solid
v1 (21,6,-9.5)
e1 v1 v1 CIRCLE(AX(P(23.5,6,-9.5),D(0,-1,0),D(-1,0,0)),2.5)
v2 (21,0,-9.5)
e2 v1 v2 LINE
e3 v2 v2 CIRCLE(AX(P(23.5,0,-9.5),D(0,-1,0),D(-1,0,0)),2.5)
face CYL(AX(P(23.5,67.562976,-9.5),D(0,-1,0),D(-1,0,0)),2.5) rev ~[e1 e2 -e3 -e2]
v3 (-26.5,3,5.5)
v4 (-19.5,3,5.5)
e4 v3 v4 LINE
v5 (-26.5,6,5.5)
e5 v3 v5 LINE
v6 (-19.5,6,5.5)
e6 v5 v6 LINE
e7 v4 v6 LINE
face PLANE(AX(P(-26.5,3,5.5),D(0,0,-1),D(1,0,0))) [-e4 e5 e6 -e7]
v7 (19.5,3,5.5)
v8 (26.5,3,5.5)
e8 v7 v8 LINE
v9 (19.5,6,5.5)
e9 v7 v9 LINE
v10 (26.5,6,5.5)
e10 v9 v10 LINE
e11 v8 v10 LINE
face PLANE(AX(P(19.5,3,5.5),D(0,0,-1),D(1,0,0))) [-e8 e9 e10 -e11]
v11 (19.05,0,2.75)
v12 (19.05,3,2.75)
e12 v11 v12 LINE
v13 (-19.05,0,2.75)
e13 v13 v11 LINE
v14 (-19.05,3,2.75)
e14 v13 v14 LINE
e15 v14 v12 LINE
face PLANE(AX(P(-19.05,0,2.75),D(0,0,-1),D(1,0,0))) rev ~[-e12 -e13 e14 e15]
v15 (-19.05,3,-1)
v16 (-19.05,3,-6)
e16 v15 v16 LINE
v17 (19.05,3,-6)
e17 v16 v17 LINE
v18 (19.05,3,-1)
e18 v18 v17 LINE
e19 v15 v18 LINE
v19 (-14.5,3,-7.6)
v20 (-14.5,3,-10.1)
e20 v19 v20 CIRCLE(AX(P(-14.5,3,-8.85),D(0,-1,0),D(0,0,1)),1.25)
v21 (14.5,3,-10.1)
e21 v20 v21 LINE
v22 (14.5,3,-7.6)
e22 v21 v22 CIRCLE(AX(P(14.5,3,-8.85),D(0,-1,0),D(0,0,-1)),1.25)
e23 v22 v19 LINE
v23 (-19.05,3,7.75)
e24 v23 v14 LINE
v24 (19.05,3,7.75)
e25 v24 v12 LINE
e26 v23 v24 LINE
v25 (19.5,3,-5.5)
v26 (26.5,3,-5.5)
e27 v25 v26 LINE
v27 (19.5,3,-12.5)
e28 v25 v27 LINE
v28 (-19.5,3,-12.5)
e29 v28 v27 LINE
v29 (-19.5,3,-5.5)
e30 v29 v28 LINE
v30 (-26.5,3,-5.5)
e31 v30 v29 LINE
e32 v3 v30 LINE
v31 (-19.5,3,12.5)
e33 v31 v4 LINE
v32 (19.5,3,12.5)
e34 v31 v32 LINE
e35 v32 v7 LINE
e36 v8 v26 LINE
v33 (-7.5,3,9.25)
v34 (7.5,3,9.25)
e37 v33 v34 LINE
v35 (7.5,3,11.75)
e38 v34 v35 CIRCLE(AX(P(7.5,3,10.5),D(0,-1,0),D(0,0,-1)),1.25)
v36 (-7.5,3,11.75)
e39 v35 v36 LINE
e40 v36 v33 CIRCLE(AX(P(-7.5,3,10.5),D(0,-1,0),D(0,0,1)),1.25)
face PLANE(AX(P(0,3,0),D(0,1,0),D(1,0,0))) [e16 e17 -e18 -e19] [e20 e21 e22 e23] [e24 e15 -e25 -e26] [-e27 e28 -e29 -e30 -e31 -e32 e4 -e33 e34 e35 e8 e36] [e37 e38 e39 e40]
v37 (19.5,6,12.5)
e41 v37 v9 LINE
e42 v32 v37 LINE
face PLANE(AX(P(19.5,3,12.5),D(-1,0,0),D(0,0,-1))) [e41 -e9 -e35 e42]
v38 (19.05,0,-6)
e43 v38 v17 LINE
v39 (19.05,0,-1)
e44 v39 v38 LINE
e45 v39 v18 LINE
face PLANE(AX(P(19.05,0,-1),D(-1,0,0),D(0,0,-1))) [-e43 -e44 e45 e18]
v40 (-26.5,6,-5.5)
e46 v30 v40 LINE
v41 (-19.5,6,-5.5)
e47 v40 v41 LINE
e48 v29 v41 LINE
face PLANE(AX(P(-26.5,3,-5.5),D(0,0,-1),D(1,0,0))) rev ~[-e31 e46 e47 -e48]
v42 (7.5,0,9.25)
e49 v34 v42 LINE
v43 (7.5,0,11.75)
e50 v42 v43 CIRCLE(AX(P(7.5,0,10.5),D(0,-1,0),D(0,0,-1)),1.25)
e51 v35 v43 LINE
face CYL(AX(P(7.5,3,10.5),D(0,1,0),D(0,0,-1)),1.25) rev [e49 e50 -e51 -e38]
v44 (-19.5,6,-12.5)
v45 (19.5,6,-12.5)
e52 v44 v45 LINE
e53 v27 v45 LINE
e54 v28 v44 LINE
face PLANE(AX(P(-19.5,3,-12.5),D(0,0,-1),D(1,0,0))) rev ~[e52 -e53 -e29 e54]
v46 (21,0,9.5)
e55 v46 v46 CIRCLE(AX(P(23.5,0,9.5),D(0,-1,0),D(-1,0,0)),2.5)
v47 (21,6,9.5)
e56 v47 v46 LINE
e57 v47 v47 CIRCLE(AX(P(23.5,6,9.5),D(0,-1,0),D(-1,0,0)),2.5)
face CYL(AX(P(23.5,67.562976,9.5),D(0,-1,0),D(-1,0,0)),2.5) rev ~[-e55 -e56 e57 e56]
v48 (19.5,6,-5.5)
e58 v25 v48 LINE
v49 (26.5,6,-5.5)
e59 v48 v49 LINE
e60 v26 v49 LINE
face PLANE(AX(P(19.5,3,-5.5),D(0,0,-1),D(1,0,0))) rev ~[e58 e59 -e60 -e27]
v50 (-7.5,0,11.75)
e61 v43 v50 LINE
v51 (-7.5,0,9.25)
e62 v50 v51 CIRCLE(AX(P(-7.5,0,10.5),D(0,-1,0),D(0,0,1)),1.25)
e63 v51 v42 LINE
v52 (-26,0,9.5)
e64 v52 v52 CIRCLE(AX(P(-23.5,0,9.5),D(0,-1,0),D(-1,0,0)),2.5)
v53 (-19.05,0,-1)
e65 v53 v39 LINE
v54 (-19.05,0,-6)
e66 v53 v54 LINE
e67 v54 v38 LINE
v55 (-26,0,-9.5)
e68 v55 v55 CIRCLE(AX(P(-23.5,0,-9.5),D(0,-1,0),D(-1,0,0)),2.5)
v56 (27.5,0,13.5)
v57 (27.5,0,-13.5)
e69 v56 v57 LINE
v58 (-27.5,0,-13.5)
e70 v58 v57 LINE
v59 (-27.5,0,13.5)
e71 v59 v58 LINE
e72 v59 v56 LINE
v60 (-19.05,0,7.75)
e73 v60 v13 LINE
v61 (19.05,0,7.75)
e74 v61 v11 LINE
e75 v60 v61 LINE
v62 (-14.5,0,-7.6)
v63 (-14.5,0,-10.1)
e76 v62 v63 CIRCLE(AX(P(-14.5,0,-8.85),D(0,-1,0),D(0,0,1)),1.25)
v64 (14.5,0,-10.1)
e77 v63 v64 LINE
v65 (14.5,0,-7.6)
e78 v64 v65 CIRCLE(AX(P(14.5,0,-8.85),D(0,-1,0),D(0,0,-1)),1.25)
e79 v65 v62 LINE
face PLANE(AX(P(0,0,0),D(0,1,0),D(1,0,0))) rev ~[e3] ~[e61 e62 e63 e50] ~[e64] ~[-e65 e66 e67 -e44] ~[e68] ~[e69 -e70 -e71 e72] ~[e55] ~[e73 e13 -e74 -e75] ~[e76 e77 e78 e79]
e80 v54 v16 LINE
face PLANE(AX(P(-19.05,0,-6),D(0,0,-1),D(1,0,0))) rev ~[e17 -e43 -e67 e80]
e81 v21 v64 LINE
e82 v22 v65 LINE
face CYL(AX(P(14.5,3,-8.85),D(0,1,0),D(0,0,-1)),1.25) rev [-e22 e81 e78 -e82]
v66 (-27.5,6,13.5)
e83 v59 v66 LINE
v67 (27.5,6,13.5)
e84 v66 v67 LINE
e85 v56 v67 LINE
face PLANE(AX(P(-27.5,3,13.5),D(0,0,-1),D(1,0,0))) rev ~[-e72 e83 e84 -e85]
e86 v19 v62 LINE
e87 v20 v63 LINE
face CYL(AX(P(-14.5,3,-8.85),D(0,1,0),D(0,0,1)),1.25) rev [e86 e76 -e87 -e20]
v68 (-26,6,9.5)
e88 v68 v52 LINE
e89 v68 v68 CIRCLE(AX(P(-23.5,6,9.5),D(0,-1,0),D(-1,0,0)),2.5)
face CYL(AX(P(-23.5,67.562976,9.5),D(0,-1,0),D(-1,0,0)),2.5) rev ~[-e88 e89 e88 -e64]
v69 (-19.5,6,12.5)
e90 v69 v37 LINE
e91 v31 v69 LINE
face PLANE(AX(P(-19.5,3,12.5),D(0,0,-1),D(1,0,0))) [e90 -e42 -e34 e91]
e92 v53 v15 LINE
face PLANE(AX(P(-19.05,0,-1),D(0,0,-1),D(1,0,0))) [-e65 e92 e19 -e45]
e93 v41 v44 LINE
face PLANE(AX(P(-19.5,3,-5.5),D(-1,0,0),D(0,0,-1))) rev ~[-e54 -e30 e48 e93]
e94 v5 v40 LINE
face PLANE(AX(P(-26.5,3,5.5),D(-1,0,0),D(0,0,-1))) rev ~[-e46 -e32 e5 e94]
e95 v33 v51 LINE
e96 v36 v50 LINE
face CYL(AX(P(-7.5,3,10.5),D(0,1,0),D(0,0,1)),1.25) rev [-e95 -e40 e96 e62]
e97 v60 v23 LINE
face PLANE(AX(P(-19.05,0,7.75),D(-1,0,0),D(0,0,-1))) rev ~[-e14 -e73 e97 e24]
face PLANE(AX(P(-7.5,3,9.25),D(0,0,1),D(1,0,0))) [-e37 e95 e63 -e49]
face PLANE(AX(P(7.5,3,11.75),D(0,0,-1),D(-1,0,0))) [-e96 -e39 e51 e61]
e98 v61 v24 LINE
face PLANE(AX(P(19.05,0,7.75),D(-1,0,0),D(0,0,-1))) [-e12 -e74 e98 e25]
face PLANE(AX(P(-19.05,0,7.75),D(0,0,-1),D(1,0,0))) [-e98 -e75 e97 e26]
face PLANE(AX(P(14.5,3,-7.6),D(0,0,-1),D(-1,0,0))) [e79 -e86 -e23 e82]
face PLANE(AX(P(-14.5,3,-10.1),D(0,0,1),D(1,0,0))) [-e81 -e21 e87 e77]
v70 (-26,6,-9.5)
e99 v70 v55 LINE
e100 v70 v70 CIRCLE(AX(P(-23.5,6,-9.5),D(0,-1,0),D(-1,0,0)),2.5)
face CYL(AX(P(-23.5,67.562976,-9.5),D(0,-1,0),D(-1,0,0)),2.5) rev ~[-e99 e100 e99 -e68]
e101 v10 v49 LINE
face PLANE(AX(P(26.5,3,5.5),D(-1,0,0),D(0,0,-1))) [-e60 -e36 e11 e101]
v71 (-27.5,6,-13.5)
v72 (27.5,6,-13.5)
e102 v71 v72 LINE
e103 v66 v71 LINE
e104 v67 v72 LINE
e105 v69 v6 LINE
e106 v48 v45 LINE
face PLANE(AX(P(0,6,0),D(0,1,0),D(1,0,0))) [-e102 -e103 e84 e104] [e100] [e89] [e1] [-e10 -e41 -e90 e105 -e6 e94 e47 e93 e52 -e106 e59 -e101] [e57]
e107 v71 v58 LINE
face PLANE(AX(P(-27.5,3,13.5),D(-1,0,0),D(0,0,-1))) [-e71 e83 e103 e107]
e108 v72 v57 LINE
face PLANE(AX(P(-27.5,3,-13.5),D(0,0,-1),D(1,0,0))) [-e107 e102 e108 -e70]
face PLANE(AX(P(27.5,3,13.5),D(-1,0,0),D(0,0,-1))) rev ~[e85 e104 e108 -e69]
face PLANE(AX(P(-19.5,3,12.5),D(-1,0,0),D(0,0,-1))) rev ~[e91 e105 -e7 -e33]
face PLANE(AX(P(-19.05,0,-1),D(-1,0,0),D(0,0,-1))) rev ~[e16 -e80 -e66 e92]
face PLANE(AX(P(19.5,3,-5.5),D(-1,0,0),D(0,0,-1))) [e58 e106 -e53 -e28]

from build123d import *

# Parameters (mm, degrees)
SKETCH1_W                   = 55
SKETCH1_H                   = 27
SKETCH1_W_2                 = 38.1
SKETCH1_H_2                 = 5
BOTTOM_BASE_DEPTH           = 3
SENSOR_MOUNTING_HOLES_DEPTH = 3
SKETCH4_W                   = 55
SKETCH4_H                   = 27
SKETCH4_W_2                 = 53
SKETCH4_H_2                 = 25
SKETCH4_W_3                 = 7
SKETCH4_H_3                 = 7
OUTER_RIM_DEPTH             = 3
M4_BOLT_HOLES_D             = 5
BACKWARDS_SENSOR_DEPTH      = 3


with BuildPart() as part:
    # Sketch1 → Bottom Base (new body)
    with BuildSketch(Plane(origin=(0, 0, 0), x_dir=(1, 0, 0), z_dir=(0, 1, 0))):
        Rectangle(SKETCH1_W, SKETCH1_H)
        with Locations((0, -5.25)):
            Rectangle(SKETCH1_W_2, SKETCH1_H_2, mode=Mode.SUBTRACT)
        with Locations((0, 3.5)):
            Rectangle(SKETCH1_W_2, SKETCH1_H_2, mode=Mode.SUBTRACT)
    extrude(amount=BOTTOM_BASE_DEPTH)

    # Sketch3 → Sensor Mounting Holes (cut)
    with BuildSketch(Plane(origin=(0, 3, 0), x_dir=(1, 0, 0), z_dir=(0, 1, 0))):
        with BuildLine():
            Line((-14.5, 10.1), (14.500000132, 10.1))
            ThreePointArc((14.500000132, 10.1), (15.750000132, 8.85), (14.500000132, 7.6))
            Line((14.500000132, 7.6), (-14.5, 7.6))
            ThreePointArc((-14.5, 7.6), (-15.75, 8.85), (-14.5, 10.1))
        make_face()
    extrude(amount=-SENSOR_MOUNTING_HOLES_DEPTH, mode=Mode.SUBTRACT)

    # Sketch4 → Outer Rim (add)
    with BuildSketch(Plane(origin=(0, 3, 0), x_dir=(1, 0, 0), z_dir=(0, 1, 0))):
        Rectangle(SKETCH4_W, SKETCH4_H)
        Rectangle(SKETCH4_W_2, SKETCH4_H_2, mode=Mode.SUBTRACT)
        with Locations((23, 9)):
            Rectangle(SKETCH4_W_3, SKETCH4_H_3)
        with Locations((23, -9)):
            Rectangle(SKETCH4_W_3, SKETCH4_H_3)
        with Locations((-23, -9)):
            Rectangle(SKETCH4_W_3, SKETCH4_H_3)
        with Locations((-23, 9)):
            Rectangle(SKETCH4_W_3, SKETCH4_H_3)
    extrude(amount=OUTER_RIM_DEPTH)

    # M4 bolt holes (through all)
    with Locations(Plane(origin=(0, 6, 0), x_dir=(1, 0, 0), z_dir=(0, 1, 0))):
        with Locations((-23.5, 9.5), (-23.5, -9.5), (23.5, 9.5), (23.5, -9.5)):
            Hole(M4_BOLT_HOLES_D / 2)

    # Sketch11 → backwards sensor (cut)
    with BuildSketch(Plane(origin=(0, 3, 0), x_dir=(1, 0, 0), z_dir=(0, 1, 0))):
        with BuildLine():
            Line((-7.5, -9.25), (7.5, -9.25))
            ThreePointArc((7.5, -9.25), (8.75, -10.5), (7.5, -11.75))
            Line((7.5, -11.75), (-7.5, -11.75))
            ThreePointArc((-7.5, -11.75), (-8.75, -10.5), (-7.5, -9.25))
        make_face()
    extrude(amount=-BACKWARDS_SENSOR_DEPTH, mode=Mode.SUBTRACT)


solid = part.part
